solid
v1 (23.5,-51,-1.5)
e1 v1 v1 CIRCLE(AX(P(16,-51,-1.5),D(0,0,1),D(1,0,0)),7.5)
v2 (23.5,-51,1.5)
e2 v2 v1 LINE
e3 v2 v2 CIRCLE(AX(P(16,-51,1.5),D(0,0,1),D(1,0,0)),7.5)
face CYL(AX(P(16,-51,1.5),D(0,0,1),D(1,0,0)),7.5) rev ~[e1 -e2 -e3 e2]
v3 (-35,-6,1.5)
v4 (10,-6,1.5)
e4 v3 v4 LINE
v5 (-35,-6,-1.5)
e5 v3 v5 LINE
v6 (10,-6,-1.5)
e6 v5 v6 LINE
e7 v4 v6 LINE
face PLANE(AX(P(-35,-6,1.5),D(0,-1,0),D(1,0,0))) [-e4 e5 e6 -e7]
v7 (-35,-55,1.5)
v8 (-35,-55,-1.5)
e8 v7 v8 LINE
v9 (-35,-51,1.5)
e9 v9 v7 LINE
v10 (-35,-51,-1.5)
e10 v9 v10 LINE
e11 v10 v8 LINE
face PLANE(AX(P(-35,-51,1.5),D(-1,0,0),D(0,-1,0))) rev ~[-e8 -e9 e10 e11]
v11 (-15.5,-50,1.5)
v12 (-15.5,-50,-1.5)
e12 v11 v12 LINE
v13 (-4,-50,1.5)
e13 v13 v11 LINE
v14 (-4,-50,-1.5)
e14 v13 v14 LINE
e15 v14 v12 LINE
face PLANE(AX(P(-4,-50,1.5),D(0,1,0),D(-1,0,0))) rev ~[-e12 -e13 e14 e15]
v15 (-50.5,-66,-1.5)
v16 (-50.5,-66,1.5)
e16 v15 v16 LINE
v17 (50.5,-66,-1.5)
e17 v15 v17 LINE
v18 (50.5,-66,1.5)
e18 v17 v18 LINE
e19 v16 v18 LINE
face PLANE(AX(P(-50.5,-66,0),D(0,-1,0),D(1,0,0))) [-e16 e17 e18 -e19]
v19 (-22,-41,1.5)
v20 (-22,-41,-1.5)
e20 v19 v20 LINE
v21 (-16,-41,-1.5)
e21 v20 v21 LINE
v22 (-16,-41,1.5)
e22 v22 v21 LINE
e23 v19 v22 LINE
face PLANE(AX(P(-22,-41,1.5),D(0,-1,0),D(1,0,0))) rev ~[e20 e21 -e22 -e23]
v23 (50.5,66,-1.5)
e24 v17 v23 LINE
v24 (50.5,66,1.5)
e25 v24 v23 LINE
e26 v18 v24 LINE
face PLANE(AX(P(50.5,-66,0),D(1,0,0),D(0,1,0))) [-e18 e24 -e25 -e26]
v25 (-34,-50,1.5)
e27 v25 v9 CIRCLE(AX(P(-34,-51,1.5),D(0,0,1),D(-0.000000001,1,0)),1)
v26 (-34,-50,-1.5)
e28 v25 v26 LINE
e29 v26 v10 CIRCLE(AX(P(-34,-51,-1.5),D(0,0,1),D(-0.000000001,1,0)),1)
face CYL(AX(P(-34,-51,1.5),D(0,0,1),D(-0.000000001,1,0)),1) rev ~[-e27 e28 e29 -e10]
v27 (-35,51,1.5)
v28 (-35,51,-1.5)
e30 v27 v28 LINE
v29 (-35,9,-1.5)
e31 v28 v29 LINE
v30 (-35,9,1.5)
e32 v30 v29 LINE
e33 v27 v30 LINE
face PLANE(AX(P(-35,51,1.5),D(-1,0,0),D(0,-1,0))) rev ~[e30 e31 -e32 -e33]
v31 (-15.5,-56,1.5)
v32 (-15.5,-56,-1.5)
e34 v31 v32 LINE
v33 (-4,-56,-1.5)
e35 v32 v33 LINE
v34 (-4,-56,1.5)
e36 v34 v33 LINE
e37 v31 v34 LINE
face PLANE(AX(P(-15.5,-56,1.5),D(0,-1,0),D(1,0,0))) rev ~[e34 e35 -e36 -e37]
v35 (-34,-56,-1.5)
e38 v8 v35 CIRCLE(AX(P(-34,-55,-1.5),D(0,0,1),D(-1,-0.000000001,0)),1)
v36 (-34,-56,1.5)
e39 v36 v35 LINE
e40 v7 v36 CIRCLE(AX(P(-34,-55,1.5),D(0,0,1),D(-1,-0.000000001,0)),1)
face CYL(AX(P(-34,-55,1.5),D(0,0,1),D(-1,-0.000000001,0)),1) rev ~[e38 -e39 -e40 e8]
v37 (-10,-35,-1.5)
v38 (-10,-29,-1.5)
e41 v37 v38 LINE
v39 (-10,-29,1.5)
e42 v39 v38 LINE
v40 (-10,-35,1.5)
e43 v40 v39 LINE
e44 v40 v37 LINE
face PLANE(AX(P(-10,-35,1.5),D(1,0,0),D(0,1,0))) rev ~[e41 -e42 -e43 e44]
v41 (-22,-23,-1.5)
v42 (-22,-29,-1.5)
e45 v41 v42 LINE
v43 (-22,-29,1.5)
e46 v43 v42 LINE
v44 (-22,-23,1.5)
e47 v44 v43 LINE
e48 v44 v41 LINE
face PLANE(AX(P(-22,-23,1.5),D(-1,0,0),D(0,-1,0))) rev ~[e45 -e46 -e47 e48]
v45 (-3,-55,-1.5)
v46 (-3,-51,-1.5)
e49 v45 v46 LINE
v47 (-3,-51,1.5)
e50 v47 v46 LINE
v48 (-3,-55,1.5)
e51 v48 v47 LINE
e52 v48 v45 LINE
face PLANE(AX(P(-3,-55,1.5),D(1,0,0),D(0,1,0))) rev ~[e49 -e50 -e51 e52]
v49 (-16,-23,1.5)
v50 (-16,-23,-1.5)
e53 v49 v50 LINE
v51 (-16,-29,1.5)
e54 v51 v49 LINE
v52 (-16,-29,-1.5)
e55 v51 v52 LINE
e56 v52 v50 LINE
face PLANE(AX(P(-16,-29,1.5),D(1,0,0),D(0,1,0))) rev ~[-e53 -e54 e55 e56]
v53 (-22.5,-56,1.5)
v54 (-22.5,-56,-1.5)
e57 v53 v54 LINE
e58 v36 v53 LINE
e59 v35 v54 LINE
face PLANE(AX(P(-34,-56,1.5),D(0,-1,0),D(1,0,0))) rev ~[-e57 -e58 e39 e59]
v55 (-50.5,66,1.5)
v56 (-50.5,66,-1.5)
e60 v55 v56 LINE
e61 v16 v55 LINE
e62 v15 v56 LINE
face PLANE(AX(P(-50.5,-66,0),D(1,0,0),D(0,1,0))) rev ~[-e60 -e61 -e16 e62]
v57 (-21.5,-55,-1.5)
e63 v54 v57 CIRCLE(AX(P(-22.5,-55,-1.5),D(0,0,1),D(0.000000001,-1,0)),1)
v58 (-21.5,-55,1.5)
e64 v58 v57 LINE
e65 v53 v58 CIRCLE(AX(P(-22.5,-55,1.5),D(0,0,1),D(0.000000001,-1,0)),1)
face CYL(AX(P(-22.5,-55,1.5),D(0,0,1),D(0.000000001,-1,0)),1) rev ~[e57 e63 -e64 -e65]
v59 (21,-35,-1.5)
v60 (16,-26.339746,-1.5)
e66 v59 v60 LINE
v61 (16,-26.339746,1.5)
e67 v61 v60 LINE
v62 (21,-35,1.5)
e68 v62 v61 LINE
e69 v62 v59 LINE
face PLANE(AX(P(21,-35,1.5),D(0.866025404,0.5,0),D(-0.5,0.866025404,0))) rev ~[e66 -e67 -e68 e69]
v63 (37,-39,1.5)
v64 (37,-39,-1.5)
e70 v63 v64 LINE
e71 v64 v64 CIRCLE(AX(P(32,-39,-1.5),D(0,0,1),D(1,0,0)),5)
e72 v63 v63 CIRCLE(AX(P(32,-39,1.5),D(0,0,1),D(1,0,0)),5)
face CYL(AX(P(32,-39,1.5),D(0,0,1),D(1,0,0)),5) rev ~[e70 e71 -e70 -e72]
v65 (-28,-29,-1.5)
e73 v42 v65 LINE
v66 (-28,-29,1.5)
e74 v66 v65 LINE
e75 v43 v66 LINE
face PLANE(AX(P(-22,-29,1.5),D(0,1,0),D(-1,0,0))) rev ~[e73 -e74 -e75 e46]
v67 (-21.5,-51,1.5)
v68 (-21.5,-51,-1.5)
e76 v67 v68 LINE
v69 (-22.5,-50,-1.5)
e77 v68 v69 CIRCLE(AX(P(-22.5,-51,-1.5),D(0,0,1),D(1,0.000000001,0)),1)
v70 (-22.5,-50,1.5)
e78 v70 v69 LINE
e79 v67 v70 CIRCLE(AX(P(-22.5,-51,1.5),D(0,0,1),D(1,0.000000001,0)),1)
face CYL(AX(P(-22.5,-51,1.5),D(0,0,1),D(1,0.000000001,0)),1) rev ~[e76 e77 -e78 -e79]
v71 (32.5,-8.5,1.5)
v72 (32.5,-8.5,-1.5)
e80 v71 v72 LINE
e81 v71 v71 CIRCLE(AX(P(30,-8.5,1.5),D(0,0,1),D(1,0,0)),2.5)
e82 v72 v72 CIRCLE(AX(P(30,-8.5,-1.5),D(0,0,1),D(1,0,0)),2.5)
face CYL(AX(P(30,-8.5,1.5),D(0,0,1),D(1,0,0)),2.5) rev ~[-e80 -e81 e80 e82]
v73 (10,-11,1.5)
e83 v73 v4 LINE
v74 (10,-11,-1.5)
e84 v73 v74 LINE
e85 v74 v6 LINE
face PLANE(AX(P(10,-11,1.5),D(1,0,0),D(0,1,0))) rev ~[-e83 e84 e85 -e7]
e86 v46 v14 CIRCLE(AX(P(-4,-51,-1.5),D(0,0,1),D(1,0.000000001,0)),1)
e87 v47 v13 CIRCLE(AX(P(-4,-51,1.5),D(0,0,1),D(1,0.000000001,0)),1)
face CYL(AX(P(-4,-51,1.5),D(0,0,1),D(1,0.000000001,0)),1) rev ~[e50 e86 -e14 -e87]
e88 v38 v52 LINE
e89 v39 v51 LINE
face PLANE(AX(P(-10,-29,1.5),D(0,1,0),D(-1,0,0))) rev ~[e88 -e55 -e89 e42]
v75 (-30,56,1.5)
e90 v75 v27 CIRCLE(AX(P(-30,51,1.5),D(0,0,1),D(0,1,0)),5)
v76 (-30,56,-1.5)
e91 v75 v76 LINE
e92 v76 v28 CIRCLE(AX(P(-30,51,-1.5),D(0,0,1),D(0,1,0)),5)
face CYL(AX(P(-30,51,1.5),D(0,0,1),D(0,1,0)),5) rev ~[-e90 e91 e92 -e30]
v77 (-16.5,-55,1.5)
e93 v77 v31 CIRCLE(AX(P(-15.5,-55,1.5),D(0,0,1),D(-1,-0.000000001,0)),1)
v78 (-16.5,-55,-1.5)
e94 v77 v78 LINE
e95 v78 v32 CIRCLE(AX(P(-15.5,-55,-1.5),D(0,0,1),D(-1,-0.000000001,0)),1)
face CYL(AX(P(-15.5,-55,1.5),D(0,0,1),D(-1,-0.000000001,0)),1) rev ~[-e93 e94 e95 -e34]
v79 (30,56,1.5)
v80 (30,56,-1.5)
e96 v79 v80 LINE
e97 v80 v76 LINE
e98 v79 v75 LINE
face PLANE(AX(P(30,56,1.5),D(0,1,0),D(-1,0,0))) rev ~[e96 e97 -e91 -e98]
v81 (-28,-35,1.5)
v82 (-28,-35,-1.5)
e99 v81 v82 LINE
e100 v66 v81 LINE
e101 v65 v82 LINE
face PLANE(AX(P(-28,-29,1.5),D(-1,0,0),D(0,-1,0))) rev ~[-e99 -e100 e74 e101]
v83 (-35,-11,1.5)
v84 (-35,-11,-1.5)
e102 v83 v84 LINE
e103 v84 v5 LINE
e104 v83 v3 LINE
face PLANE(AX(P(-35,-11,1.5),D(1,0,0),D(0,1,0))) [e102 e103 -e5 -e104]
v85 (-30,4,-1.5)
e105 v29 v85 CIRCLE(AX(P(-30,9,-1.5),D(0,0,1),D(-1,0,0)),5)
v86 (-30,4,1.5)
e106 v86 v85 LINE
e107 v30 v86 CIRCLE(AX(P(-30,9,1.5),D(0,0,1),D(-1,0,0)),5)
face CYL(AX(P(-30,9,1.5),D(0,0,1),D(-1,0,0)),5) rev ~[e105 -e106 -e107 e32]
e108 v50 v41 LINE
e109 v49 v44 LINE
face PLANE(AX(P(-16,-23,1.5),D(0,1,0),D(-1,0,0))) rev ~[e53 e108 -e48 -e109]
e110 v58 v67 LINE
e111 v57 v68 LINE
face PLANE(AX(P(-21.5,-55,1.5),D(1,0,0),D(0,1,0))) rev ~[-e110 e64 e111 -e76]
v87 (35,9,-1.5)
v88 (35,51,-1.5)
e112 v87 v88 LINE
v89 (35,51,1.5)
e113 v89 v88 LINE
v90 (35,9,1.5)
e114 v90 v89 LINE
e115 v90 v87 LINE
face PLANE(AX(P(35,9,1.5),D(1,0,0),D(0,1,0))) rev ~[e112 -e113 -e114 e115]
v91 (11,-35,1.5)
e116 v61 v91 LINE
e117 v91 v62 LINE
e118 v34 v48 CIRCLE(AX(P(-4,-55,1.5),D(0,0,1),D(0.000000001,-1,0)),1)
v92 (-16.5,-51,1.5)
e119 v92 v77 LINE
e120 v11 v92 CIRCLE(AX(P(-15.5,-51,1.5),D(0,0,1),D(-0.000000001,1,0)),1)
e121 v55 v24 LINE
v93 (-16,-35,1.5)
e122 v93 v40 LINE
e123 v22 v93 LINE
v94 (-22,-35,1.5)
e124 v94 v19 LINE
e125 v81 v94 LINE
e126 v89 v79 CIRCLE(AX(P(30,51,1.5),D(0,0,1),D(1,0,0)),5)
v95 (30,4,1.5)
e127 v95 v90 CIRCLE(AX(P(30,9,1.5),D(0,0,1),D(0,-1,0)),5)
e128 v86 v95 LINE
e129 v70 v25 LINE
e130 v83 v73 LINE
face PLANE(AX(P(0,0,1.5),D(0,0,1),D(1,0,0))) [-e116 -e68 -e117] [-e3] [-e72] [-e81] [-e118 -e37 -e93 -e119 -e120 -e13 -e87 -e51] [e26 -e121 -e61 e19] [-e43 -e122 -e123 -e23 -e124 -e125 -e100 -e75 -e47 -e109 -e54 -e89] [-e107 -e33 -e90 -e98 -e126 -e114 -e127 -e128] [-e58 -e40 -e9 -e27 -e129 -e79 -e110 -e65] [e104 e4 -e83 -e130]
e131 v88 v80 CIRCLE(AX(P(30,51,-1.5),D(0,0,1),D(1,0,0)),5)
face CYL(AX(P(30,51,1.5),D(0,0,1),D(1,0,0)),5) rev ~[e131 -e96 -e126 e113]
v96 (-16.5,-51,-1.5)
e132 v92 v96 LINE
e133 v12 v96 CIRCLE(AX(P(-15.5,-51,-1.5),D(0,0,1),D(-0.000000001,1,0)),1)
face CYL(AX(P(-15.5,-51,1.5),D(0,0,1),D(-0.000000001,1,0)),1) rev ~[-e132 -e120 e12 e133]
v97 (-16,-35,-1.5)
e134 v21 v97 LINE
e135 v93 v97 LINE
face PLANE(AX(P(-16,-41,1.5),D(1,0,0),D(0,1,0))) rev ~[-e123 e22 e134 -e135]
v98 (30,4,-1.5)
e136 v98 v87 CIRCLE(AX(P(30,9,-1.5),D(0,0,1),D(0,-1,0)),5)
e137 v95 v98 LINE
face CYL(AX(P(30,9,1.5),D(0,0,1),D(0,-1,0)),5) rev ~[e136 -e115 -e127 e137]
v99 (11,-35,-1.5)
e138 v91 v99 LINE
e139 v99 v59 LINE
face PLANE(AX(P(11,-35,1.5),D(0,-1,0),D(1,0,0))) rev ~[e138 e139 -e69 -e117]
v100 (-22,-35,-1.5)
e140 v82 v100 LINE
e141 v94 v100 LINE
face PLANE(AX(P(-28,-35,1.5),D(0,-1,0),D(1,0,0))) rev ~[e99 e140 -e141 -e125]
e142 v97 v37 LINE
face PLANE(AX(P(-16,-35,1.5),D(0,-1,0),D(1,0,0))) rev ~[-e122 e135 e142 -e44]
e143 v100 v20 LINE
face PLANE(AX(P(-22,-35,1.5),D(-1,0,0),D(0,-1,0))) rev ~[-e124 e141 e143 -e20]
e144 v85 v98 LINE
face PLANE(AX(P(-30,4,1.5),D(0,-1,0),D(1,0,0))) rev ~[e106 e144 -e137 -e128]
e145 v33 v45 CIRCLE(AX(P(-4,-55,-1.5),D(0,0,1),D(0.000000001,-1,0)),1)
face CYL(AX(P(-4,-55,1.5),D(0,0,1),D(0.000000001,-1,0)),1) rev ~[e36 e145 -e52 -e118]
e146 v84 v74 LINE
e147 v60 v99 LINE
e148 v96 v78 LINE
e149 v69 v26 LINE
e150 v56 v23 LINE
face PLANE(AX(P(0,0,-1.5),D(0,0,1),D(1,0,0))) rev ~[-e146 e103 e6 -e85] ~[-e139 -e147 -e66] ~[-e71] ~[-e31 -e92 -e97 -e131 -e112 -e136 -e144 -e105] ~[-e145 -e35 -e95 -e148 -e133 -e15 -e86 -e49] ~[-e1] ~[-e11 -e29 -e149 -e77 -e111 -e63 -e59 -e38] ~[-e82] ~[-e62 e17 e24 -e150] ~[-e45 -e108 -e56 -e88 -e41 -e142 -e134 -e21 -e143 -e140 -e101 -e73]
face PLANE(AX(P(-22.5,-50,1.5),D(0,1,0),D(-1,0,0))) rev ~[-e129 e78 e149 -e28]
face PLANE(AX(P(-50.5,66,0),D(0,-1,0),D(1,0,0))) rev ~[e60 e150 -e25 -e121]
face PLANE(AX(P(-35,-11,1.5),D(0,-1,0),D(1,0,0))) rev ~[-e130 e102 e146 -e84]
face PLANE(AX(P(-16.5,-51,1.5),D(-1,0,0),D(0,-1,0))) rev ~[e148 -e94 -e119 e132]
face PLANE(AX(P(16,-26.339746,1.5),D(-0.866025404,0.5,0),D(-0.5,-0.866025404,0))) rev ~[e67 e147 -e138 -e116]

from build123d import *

# Parameters (mm, degrees)
SKETCH1_W           = 101
SKETCH1_H           = 132
BOSS_EXTRUDE1_DEPTH = 1.5
SKETCH2_R           = 7.5
SKETCH2_R_2         = 5
SKETCH2_R_3         = 2.5
SKETCH2_W           = 45
SKETCH2_H           = 5
CUT_EXTRUDE2_DEPTH  = 84.157982179


with BuildPart() as part:
    # Sketch1 → Boss-Extrude1 (new, symmetric)
    with BuildSketch(Plane.XY):
        Rectangle(SKETCH1_W, SKETCH1_H)
    extrude(amount=BOSS_EXTRUDE1_DEPTH, both=True)

    # Sketch2 → Cut-Extrude2 (cut, through all)
    with BuildSketch(Plane.XY.offset(1.5)):
        with Locations((16, -51)):
            Circle(SKETCH2_R)
        with Locations((32, -39)):
            Circle(SKETCH2_R_2)
        with Locations((30, -8.5)):
            Circle(SKETCH2_R_3)
        with BuildLine():
            Line((-30, 4), (30, 4))
            ThreePointArc((30, 4), (33.535533906, 5.464466094), (35, 9))
            Line((35, 9), (35, 51))
            ThreePointArc((35, 51), (33.535533906, 54.535533906), (30, 56))
            Line((30, 56), (-30, 56))
            ThreePointArc((-30, 56), (-33.535533906, 54.535533906), (-35, 51))
            Line((-35, 51), (-35, 9))
            ThreePointArc((-35, 9), (-33.535533906, 5.464466094), (-30, 4))
        make_face()
        Polygon((11, -35), (21, -35), (16, -26.339745962), align=None)
        with BuildLine():
            Line((-15.5, -56), (-4, -56))
            ThreePointArc((-4, -56), (-3.292893219, -55.707106781), (-3, -55))
            Line((-3, -55), (-3, -51))
            ThreePointArc((-3, -51), (-3.292893219, -50.292893219), (-4, -50))
            Line((-4, -50), (-15.5, -50))
            ThreePointArc((-15.5, -50), (-16.207106781, -50.292893219), (-16.5, -51))
            Line((-16.5, -51), (-16.5, -55))
            ThreePointArc((-16.5, -55), (-16.207106781, -55.707106781), (-15.5, -56))
        make_face()
        with BuildLine():
            Line((-34, -56), (-22.5, -56))
            ThreePointArc((-22.5, -56), (-21.792893219, -55.707106781), (-21.5, -55))
            Line((-21.5, -55), (-21.5, -51))
            ThreePointArc((-21.5, -51), (-21.792893219, -50.292893219), (-22.5, -50))
            Line((-22.5, -50), (-34, -50))
            ThreePointArc((-34, -50), (-34.707106781, -50.292893219), (-35, -51))
            Line((-35, -51), (-35, -55))
            ThreePointArc((-35, -55), (-34.707106781, -55.707106781), (-34, -56))
        make_face()
        Polygon((-22, -41), (-16, -41), (-16, -35), (-10, -35), (-10, -29), (-16, -29), (-16, -23), (-22, -23), (-22, -29), (-28, -29), (-28, -35), (-22, -35), align=None)
        with Locations((-12.5, -8.5)):
            Rectangle(SKETCH2_W, SKETCH2_H)
    extrude(amount=-CUT_EXTRUDE2_DEPTH, mode=Mode.SUBTRACT)


solid = part.part
